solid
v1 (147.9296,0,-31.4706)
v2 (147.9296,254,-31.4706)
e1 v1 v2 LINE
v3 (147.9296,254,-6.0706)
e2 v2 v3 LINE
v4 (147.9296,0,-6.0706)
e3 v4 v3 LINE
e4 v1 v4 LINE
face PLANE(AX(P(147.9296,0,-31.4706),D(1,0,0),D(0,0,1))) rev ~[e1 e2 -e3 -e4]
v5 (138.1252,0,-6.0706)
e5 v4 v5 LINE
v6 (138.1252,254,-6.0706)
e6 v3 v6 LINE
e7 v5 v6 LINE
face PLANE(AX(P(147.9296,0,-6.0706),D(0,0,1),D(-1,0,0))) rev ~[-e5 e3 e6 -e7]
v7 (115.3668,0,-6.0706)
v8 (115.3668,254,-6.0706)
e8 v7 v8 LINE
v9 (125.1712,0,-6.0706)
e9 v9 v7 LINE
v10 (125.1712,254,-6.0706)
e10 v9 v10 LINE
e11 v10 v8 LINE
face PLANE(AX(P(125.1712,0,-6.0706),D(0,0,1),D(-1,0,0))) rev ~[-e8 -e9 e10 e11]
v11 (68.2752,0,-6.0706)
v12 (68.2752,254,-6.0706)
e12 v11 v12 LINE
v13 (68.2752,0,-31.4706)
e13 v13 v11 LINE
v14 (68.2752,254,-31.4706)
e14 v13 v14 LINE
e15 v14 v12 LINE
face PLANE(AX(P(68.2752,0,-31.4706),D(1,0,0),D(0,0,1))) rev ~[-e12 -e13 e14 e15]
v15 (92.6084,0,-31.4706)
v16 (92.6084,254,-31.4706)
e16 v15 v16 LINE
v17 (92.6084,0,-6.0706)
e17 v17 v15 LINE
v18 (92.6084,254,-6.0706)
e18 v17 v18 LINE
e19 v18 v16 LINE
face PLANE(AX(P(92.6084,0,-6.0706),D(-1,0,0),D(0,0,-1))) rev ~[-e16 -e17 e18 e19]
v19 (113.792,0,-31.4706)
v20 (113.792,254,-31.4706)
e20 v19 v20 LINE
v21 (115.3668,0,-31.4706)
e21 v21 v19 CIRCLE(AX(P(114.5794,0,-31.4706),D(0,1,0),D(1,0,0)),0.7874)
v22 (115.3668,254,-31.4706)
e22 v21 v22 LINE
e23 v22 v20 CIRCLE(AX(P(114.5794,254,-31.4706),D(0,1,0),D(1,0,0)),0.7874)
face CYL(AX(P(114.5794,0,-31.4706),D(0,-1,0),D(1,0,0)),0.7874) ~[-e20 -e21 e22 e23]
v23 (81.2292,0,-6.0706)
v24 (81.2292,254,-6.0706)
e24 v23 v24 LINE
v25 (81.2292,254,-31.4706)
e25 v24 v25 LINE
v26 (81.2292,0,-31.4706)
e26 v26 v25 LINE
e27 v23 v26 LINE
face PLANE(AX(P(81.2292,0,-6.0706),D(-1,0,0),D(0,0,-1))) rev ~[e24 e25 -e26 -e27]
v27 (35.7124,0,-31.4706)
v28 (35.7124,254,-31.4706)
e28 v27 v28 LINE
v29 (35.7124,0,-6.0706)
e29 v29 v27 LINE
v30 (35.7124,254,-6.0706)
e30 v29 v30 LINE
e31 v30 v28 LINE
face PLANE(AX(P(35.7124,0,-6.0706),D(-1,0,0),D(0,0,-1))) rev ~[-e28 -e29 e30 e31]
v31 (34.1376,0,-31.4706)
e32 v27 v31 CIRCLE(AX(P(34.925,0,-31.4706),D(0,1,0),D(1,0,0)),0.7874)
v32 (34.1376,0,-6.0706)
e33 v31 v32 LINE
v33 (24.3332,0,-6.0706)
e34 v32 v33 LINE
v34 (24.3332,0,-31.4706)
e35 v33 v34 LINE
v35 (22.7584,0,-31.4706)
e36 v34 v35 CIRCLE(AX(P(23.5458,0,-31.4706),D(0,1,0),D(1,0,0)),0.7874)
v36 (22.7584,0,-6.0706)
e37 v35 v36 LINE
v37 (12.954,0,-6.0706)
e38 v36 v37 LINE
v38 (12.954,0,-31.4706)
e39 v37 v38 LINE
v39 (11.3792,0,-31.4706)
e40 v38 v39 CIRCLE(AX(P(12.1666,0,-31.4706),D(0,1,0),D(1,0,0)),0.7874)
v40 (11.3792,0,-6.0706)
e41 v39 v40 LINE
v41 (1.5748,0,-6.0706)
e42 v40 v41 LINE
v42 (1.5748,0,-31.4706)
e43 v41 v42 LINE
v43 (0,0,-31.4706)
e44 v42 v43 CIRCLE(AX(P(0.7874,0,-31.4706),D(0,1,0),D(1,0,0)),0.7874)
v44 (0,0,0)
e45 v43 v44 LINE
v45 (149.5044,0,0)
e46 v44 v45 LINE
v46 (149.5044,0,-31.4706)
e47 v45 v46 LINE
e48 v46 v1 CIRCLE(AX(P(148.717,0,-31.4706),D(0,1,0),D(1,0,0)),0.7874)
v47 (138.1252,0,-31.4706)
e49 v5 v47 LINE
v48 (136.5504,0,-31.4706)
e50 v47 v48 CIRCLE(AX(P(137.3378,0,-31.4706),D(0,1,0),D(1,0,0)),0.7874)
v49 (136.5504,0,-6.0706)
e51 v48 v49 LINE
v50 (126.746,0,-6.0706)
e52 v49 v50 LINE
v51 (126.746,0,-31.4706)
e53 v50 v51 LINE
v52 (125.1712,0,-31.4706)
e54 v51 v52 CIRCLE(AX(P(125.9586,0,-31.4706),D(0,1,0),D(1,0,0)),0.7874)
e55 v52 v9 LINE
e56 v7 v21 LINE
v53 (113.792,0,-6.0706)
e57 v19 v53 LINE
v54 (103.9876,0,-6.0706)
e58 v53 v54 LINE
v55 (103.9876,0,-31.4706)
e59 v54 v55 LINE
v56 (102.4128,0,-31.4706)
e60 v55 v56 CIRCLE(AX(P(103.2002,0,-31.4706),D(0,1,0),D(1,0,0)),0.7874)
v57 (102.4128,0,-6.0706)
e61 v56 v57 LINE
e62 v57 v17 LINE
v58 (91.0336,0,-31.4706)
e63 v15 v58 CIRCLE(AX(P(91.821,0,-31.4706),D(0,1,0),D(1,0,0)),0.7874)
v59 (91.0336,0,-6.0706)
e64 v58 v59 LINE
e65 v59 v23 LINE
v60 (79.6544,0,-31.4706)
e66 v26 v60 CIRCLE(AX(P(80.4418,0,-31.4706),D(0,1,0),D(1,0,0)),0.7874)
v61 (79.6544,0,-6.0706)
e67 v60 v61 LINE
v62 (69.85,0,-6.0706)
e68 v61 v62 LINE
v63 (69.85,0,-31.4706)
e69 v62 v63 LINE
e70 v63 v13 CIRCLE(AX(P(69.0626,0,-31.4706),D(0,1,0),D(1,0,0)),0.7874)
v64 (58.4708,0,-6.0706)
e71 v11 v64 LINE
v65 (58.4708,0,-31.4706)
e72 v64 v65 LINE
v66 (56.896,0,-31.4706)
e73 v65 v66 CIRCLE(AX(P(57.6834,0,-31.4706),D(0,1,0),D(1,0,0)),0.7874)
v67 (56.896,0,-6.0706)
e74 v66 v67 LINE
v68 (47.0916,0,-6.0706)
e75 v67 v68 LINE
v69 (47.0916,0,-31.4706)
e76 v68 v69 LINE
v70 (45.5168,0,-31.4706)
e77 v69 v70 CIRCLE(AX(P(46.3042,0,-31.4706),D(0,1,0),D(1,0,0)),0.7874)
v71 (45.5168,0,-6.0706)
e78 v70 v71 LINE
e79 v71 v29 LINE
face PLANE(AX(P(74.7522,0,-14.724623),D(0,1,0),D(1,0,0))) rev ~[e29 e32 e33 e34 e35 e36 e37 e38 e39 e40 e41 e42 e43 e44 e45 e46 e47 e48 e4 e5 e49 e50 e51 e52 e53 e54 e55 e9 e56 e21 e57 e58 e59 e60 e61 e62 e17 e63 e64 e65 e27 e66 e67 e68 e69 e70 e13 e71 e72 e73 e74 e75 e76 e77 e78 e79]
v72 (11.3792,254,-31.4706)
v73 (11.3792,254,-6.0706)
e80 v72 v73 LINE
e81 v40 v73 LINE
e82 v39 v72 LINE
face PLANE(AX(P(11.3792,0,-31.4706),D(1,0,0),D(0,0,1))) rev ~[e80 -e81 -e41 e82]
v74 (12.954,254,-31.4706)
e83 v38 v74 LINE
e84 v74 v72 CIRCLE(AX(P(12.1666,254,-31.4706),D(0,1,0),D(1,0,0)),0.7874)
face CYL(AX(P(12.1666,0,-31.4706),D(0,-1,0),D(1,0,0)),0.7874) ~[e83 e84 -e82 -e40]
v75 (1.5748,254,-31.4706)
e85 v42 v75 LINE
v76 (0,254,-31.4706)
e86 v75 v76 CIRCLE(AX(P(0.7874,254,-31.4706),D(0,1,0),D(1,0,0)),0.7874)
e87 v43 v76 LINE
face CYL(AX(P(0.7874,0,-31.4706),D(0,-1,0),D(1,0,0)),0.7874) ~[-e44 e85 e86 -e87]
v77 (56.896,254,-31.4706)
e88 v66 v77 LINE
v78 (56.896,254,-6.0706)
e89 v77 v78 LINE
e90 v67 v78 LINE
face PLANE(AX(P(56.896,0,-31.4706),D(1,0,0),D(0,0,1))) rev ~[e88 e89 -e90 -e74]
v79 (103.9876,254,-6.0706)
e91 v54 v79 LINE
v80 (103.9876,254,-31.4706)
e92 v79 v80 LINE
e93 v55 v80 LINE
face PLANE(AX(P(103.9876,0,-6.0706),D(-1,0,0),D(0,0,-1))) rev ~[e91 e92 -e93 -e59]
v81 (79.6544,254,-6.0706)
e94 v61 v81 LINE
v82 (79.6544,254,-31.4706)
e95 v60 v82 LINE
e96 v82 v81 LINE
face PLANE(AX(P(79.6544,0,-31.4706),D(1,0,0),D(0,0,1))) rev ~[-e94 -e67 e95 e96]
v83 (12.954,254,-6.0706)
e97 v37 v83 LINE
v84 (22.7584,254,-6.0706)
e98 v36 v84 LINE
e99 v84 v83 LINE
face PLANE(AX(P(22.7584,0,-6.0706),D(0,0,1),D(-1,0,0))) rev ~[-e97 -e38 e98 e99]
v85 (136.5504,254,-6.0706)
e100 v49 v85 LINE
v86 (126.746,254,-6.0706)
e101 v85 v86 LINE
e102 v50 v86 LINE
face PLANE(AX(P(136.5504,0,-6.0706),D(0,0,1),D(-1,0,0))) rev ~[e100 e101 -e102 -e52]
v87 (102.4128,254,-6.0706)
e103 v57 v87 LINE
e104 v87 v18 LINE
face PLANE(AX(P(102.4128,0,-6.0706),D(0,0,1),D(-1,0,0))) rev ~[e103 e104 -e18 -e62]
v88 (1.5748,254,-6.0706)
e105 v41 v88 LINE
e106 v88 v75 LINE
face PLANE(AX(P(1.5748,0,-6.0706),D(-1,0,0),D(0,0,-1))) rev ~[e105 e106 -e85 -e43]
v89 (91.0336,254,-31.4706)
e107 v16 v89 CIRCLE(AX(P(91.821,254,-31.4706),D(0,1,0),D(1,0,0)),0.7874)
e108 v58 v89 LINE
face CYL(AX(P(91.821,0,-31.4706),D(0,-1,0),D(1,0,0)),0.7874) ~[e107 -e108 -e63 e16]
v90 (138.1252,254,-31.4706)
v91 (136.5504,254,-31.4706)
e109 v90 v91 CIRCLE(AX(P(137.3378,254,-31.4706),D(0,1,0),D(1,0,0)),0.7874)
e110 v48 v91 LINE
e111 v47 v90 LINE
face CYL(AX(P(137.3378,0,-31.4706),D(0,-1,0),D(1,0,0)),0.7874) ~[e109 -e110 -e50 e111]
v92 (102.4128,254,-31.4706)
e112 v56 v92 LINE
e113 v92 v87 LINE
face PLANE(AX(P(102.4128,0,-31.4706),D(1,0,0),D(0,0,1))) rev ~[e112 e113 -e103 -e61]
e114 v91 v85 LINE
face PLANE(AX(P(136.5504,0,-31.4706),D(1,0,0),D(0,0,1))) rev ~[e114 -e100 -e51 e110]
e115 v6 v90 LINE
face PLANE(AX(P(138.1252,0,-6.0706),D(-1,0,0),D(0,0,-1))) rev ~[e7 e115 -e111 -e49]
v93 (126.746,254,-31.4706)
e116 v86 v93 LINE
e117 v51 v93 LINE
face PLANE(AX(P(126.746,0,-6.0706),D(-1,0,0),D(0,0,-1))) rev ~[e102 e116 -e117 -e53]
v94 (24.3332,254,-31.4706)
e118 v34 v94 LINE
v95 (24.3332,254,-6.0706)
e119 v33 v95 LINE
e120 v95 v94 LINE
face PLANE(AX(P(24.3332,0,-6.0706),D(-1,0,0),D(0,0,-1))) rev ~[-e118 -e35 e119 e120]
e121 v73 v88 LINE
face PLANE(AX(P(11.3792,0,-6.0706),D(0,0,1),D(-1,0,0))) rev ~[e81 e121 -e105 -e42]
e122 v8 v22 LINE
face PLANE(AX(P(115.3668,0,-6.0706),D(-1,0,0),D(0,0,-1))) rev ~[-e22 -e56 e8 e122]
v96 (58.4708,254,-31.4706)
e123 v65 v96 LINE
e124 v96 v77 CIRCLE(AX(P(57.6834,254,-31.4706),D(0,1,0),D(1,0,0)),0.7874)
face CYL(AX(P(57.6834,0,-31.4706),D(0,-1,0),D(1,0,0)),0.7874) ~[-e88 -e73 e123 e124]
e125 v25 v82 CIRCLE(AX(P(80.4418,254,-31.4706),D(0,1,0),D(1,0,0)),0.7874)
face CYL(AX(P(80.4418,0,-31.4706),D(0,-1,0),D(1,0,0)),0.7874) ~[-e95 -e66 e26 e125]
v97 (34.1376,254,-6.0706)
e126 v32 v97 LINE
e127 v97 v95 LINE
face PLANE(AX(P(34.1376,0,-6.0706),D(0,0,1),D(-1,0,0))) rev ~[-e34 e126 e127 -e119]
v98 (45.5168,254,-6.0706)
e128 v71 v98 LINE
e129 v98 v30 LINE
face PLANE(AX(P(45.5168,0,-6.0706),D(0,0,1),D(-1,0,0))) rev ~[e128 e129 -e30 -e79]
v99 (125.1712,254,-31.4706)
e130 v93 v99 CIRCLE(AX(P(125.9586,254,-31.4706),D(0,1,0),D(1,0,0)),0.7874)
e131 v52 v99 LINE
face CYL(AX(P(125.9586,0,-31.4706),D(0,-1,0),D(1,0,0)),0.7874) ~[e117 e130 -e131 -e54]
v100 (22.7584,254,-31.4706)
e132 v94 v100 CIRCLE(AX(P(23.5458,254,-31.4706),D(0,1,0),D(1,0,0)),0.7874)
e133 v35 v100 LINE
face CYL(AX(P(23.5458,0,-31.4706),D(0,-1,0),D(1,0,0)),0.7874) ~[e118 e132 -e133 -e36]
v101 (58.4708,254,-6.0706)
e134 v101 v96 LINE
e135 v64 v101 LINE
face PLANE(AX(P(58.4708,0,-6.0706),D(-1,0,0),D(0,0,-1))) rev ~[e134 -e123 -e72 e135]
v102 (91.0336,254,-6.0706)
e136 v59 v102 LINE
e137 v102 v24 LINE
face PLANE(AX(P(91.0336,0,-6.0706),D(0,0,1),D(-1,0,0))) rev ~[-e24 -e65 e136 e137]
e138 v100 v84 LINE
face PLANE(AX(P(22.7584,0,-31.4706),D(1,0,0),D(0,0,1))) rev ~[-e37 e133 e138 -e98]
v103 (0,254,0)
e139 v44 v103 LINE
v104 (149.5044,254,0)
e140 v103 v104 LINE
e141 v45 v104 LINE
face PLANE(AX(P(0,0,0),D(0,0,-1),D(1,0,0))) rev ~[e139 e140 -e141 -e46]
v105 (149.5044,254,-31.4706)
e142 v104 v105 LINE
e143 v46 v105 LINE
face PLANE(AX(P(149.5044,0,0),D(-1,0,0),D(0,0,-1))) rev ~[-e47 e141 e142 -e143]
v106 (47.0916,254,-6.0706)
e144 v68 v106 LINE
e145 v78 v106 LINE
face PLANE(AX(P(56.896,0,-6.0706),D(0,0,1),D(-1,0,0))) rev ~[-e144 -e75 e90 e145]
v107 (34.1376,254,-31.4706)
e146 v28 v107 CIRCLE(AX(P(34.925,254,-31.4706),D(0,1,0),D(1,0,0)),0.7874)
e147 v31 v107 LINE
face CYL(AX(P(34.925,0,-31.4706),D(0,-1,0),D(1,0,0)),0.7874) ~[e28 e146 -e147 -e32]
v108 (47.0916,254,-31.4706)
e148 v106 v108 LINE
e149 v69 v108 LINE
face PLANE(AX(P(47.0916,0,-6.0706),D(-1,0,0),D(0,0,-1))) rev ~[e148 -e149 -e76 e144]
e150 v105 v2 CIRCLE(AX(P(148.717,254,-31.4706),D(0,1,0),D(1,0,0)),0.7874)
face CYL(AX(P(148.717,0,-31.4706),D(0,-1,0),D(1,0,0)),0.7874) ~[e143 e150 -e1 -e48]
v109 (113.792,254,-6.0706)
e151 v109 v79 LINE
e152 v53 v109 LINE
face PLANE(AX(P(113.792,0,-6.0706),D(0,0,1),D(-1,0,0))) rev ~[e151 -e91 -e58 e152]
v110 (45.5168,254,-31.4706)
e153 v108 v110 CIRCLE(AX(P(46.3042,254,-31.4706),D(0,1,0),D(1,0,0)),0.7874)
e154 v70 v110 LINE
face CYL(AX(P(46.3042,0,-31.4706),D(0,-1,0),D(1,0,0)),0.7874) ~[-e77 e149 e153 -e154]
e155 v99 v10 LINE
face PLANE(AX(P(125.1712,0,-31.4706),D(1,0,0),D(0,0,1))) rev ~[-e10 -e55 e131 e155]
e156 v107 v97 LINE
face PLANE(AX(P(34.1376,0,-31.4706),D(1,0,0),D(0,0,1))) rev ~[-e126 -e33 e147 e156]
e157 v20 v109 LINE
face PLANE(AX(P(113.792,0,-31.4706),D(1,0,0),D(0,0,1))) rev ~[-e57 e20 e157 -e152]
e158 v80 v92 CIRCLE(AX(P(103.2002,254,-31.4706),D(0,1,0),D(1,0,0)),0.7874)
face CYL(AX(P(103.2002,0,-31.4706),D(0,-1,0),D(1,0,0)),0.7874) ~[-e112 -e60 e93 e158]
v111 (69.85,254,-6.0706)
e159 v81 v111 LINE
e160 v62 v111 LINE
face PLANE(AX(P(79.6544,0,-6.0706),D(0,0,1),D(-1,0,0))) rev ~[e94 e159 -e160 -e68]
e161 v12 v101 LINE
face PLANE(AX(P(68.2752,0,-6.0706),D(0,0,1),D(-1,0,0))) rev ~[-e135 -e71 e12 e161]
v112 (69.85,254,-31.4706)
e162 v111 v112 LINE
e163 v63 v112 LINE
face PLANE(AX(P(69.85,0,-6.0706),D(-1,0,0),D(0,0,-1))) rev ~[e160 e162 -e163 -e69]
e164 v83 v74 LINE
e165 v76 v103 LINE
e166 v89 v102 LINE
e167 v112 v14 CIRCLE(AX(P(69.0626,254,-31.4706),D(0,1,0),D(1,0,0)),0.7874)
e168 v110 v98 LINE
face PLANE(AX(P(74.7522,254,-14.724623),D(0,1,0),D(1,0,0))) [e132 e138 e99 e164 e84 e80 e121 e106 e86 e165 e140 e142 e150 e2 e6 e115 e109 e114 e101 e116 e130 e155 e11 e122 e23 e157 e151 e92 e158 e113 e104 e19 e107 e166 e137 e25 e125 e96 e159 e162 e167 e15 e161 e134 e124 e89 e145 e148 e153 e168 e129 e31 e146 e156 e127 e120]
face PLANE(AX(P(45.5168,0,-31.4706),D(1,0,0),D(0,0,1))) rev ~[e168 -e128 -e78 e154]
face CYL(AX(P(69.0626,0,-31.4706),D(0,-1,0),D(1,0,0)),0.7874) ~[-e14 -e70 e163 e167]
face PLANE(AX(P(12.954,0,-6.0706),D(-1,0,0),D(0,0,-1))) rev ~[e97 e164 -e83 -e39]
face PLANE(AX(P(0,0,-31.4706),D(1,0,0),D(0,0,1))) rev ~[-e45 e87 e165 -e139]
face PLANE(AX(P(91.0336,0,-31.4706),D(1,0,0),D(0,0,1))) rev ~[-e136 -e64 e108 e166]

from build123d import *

# Parameters (mm, degrees)
BOSS_EXTRUDE1_DEPTH = 254


with BuildPart() as part:
    # Sketch1 → Boss-Extrude1 (new body)
    with BuildSketch(Plane(origin=(0, 0, 0), x_dir=(1, 0, 0), z_dir=(0, 1, 0))):
        with BuildLine():
            Line((0, 0), (149.5044, 0))
            Line((149.5044, 0), (149.5044, 6.0706))
            Line((149.5044, 6.0706), (149.5044, 31.4706))
            ThreePointArc((149.5044, 31.4706), (148.717, 32.258), (147.9296, 31.4706))
            Line((147.9296, 31.4706), (147.9296, 6.0706))
            Line((147.9296, 6.0706), (138.1252, 6.0706))
            Line((138.1252, 6.0706), (138.1252, 31.4706))
            ThreePointArc((138.1252, 31.4706), (137.3378, 32.258), (136.5504, 31.4706))
            Line((136.5504, 31.4706), (136.5504, 6.0706))
            Line((136.5504, 6.0706), (126.746, 6.0706))
            Line((126.746, 6.0706), (126.746, 31.4706))
            ThreePointArc((126.746, 31.4706), (125.9586, 32.258), (125.1712, 31.4706))
            Line((125.1712, 31.4706), (125.1712, 6.0706))
            Line((125.1712, 6.0706), (115.3668, 6.0706))
            Line((115.3668, 6.0706), (115.3668, 31.4706))
            ThreePointArc((115.3668, 31.4706), (114.5794, 32.258), (113.792, 31.4706))
            Line((113.792, 31.4706), (113.792, 6.0706))
            Line((113.792, 6.0706), (103.9876, 6.0706))
            Line((103.9876, 6.0706), (103.9876, 31.4706))
            ThreePointArc((103.9876, 31.4706), (103.2002, 32.258), (102.4128, 31.4706))
            Line((102.4128, 31.4706), (102.4128, 6.0706))
            Line((102.4128, 6.0706), (92.6084, 6.0706))
            Line((92.6084, 6.0706), (92.6084, 31.4706))
            ThreePointArc((92.6084, 31.4706), (91.821, 32.258), (91.0336, 31.4706))
            Line((91.0336, 31.4706), (91.0336, 6.0706))
            Line((91.0336, 6.0706), (81.2292, 6.0706))
            Line((81.2292, 6.0706), (81.2292, 31.4706))
            ThreePointArc((81.2292, 31.4706), (80.4418, 32.258), (79.6544, 31.4706))
            Line((79.6544, 31.4706), (79.6544, 6.0706))
            Line((79.6544, 6.0706), (69.85, 6.0706))
            Line((69.85, 6.0706), (69.85, 31.4706))
            ThreePointArc((69.85, 31.4706), (69.0626, 32.258), (68.2752, 31.4706))
            Line((68.2752, 31.4706), (68.2752, 6.0706))
            Line((68.2752, 6.0706), (58.4708, 6.0706))
            Line((58.4708, 6.0706), (58.4708, 31.4706))
            ThreePointArc((58.4708, 31.4706), (57.6834, 32.258), (56.896, 31.4706))
            Line((56.896, 31.4706), (56.896, 6.0706))
            Line((56.896, 6.0706), (47.0916, 6.0706))
            Line((47.0916, 6.0706), (47.0916, 31.4706))
            ThreePointArc((47.0916, 31.4706), (46.3042, 32.258), (45.5168, 31.4706))
            Line((45.5168, 31.4706), (45.5168, 6.0706))
            Line((45.5168, 6.0706), (35.7124, 6.0706))
            Line((35.7124, 6.0706), (35.7124, 31.4706))
            ThreePointArc((35.7124, 31.4706), (34.925, 32.258), (34.1376, 31.4706))
            Line((34.1376, 31.4706), (34.1376, 6.0706))
            Line((34.1376, 6.0706), (24.3332, 6.0706))
            Line((24.3332, 6.0706), (24.3332, 31.4706))
            ThreePointArc((24.3332, 31.4706), (23.5458, 32.258), (22.7584, 31.4706))
            Line((22.7584, 31.4706), (22.7584, 6.0706))
            Line((22.7584, 6.0706), (12.954, 6.0706))
            Line((12.954, 6.0706), (12.954, 31.4706))
            ThreePointArc((12.954, 31.4706), (12.1666, 32.258), (11.3792, 31.4706))
            Line((11.3792, 31.4706), (11.3792, 6.0706))
            Line((11.3792, 6.0706), (1.5748, 6.0706))
            Line((1.5748, 6.0706), (1.5748, 31.4706))
            ThreePointArc((1.5748, 31.4706), (0.7874, 32.258), (0, 31.4706))
            Line((0, 31.4706), (0, 0))
        make_face()
    extrude(amount=BOSS_EXTRUDE1_DEPTH)


solid = part.part
